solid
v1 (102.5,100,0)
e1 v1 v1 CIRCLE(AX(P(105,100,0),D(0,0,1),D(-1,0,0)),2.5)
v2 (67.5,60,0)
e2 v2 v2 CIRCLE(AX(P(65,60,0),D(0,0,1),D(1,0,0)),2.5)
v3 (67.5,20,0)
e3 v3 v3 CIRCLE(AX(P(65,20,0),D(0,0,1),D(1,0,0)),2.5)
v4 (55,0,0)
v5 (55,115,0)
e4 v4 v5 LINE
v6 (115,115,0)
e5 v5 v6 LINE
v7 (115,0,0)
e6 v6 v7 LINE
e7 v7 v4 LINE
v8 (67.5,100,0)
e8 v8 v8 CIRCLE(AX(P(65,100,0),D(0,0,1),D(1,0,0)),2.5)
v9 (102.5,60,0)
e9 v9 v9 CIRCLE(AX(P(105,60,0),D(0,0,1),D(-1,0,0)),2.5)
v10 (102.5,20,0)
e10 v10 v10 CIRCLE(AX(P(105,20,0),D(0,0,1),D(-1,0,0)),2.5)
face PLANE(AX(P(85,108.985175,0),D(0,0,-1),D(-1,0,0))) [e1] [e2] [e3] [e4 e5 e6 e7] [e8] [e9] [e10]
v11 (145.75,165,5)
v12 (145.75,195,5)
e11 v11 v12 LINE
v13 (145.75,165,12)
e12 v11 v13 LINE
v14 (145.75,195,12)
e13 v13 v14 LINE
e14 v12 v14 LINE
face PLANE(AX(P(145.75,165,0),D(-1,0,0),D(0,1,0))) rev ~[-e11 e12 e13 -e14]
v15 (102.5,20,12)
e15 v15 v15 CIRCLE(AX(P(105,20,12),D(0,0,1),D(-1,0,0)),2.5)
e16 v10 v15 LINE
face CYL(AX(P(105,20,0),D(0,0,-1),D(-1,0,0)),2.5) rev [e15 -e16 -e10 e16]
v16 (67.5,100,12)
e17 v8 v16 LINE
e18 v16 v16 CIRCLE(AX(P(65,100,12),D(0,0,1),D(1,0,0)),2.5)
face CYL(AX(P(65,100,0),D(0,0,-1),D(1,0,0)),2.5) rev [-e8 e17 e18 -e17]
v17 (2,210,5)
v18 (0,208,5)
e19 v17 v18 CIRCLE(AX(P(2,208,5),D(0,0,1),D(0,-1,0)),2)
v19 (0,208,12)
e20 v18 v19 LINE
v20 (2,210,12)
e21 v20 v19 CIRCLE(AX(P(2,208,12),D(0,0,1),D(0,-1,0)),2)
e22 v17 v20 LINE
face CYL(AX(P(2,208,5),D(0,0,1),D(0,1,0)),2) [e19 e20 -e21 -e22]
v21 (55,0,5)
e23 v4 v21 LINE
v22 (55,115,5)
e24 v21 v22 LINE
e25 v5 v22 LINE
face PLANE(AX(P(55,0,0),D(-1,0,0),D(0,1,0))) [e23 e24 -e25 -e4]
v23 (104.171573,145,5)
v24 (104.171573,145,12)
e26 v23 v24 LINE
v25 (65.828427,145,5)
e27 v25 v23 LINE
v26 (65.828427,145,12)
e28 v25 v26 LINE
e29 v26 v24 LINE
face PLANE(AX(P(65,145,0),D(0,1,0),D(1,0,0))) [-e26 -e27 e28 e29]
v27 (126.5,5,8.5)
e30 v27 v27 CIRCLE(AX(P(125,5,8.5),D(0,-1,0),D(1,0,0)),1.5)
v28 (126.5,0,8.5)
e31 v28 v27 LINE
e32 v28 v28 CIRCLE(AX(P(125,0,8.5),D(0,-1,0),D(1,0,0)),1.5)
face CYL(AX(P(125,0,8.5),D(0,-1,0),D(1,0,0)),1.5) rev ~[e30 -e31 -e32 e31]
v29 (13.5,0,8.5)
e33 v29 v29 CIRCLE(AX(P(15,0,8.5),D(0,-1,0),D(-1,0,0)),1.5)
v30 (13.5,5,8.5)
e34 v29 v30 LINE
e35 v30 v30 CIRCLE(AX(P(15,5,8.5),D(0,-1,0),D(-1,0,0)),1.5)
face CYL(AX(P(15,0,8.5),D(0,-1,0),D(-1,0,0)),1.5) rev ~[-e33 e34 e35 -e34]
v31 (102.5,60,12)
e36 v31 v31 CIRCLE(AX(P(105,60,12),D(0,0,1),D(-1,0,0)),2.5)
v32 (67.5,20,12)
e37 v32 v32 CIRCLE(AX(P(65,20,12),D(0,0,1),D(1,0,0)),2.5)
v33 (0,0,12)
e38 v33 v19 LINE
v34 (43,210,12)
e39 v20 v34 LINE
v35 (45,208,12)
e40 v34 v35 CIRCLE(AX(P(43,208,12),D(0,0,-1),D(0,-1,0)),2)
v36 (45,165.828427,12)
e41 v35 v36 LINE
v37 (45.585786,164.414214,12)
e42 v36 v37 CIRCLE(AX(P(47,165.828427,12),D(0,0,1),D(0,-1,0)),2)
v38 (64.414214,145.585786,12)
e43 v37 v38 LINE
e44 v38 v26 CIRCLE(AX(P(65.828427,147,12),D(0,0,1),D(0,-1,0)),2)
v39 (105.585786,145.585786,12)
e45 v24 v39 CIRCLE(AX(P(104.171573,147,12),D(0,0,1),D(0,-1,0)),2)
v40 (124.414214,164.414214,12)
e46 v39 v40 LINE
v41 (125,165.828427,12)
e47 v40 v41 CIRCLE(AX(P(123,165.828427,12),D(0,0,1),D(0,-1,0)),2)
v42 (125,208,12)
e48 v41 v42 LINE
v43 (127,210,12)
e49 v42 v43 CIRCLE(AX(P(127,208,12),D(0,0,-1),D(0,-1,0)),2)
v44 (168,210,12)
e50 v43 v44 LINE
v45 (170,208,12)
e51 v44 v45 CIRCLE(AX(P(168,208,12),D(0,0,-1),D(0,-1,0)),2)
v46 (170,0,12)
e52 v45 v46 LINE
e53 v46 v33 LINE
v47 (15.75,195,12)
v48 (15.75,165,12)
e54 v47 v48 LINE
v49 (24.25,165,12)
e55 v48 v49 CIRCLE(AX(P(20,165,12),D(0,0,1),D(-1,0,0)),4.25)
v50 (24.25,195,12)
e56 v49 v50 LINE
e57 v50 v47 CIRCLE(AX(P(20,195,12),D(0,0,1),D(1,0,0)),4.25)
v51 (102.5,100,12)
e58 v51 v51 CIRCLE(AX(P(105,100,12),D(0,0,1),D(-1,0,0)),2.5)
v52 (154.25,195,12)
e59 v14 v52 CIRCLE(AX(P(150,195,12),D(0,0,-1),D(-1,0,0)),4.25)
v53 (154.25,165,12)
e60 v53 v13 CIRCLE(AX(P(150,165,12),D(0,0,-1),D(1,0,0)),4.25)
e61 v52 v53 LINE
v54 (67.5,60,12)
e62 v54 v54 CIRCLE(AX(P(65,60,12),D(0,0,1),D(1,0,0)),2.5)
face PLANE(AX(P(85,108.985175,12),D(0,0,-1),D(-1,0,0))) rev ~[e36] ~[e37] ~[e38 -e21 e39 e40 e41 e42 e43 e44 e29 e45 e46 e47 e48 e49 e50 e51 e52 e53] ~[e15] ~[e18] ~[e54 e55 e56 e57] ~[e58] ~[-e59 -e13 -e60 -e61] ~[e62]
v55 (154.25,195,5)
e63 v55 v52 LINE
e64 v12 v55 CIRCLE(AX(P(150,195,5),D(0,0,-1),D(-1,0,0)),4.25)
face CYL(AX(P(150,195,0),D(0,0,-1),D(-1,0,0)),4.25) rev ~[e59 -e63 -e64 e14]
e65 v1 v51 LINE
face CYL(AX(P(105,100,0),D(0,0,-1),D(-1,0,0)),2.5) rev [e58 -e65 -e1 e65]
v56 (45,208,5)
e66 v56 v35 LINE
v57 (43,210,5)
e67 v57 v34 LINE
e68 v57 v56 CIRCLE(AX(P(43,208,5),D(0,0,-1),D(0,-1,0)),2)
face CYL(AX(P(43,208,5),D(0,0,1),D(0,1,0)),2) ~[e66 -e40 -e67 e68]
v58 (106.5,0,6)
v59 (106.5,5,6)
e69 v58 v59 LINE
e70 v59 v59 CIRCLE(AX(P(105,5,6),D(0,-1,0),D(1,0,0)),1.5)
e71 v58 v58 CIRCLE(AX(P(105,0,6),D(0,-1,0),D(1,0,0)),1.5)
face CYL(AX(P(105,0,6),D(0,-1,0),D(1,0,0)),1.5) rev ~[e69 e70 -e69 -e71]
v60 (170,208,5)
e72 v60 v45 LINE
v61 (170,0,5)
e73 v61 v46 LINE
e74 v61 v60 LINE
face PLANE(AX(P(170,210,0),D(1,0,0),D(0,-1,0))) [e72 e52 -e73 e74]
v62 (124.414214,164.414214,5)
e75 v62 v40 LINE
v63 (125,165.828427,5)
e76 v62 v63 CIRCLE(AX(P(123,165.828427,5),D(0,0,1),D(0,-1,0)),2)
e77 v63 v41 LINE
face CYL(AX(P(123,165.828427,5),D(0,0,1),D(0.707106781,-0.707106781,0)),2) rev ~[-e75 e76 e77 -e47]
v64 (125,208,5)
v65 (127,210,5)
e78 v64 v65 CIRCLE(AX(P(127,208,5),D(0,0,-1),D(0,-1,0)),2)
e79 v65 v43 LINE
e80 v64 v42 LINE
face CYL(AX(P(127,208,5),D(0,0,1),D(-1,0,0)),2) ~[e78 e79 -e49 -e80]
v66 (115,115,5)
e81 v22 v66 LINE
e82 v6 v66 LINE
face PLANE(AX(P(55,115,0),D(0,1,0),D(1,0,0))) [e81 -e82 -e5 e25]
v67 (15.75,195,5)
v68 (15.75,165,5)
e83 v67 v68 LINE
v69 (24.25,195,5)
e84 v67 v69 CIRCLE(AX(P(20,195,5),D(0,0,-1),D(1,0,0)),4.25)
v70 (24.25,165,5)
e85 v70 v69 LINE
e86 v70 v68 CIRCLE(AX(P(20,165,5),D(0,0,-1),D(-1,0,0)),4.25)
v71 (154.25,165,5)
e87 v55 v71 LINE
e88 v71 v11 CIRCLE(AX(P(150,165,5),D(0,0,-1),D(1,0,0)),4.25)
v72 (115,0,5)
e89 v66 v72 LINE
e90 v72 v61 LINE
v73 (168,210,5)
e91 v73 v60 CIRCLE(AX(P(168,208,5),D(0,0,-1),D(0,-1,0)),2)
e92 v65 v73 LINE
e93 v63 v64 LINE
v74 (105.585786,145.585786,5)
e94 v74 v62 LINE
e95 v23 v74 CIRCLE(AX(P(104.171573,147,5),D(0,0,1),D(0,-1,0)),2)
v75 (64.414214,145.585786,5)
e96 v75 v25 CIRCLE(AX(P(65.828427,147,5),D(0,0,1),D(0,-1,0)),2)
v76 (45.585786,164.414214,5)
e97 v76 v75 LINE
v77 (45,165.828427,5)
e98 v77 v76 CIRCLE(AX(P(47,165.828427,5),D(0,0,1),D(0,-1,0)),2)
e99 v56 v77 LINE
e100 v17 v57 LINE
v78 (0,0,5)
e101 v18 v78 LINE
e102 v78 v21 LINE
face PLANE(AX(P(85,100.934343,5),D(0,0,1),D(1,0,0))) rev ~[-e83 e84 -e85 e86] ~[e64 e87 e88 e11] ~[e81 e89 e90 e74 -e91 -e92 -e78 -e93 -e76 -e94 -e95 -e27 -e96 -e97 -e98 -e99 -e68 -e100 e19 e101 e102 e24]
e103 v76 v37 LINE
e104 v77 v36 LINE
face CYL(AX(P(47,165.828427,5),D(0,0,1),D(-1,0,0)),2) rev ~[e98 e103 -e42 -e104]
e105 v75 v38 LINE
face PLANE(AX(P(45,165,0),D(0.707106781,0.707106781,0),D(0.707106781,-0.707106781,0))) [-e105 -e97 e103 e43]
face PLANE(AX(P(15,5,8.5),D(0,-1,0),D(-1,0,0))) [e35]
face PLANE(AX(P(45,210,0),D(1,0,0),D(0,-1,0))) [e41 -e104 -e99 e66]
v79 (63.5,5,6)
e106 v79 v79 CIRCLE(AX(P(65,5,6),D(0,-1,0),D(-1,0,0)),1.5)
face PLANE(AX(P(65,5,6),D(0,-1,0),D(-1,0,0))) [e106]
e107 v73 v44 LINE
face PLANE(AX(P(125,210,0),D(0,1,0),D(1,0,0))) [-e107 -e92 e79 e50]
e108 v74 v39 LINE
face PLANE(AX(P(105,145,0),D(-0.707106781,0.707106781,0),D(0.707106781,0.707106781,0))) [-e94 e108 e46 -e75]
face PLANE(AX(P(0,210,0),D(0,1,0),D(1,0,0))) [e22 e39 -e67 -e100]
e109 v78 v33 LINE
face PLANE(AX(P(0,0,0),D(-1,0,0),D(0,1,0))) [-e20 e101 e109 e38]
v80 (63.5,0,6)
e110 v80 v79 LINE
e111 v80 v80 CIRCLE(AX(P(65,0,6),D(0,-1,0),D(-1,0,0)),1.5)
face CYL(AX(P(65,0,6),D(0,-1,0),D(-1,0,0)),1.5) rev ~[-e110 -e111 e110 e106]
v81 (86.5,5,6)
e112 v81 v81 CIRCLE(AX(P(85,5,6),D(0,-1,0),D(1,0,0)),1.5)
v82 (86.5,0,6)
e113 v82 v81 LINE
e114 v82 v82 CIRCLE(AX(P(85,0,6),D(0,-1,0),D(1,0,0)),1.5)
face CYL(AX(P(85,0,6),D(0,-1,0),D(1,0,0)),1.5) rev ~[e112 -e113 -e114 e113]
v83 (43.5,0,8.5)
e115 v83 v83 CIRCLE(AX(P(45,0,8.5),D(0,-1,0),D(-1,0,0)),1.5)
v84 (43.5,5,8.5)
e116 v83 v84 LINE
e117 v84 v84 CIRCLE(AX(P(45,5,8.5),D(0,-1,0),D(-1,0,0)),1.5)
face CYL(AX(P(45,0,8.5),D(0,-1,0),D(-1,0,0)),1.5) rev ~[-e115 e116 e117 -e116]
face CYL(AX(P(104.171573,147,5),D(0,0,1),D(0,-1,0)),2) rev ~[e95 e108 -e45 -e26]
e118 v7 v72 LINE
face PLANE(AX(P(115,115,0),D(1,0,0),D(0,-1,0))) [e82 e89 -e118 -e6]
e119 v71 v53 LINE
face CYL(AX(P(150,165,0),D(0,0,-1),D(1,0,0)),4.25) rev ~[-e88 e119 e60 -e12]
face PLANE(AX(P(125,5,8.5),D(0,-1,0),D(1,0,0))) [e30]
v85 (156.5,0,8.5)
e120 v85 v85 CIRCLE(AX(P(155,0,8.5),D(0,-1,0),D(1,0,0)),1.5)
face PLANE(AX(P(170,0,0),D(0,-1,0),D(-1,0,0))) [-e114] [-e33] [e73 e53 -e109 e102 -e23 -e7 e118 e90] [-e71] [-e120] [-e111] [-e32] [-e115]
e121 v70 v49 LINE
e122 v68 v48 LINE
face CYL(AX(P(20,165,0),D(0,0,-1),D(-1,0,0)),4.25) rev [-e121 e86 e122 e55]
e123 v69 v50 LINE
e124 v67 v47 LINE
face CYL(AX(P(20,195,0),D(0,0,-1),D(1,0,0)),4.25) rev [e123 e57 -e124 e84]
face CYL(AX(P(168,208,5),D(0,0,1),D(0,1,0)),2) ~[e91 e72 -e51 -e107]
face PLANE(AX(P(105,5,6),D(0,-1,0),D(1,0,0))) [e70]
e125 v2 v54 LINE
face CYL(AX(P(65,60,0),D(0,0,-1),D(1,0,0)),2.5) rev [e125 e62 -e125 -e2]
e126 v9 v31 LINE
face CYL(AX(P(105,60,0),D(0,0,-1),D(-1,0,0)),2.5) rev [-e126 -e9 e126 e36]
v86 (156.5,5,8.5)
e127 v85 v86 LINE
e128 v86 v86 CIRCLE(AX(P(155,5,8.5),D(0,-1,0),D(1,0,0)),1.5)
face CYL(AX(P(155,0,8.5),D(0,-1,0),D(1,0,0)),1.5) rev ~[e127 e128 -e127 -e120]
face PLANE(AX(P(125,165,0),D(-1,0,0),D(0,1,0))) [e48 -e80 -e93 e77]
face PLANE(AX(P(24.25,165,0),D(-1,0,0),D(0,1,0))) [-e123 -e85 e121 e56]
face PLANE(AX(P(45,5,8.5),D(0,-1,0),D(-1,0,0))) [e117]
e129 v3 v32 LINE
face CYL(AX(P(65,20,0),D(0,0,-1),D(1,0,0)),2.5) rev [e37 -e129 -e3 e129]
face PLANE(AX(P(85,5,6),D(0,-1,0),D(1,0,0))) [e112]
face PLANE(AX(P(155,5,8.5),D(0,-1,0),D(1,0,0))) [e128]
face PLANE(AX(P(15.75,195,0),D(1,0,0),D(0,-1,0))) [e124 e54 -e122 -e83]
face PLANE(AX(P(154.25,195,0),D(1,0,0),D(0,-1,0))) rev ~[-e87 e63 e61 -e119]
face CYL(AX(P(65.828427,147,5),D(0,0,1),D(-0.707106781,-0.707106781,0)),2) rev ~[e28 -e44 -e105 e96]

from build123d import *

# Parameters (mm, degrees)
SKETCH1_R           = 2.5
BOSS_EXTRUDE1_DEPTH = 12
CUT_EXTRUDE1_DEPTH  = 5
FILLET1_R           = 2
SKETCH4_R           = 1.5
CUT_EXTRUDE2_DEPTH  = 5


with BuildPart() as part:
    # Sketch1 → Boss-Extrude1 (new body)
    with BuildSketch(Plane.XY):
        Polygon((0, 210), (45, 210), (45, 165), (65, 145), (105, 145), (125, 165), (125, 210), (170, 210), (170, 0), (0, 0), align=None)
        with Locations((65, 20)):
            Circle(SKETCH1_R, mode=Mode.SUBTRACT)
        with Locations((65, 60)):
            Circle(SKETCH1_R, mode=Mode.SUBTRACT)
        with Locations((65, 100)):
            Circle(SKETCH1_R, mode=Mode.SUBTRACT)
        with Locations(Location((105, 100, 0), (0, 0, 180))):
            Circle(SKETCH1_R, mode=Mode.SUBTRACT)
        with Locations(Location((105, 60, 0), (0, 0, 180))):
            Circle(SKETCH1_R, mode=Mode.SUBTRACT)
        with Locations(Location((105, 20, 0), (0, 0, 180))):
            Circle(SKETCH1_R, mode=Mode.SUBTRACT)
        with BuildLine():
            Line((154.25, 195), (154.25, 165))
            ThreePointArc((154.25, 165), (150, 160.75), (145.75, 165))
            Line((145.75, 165), (145.75, 195))
            ThreePointArc((145.75, 195), (150, 199.25), (154.25, 195))
        make_face(mode=Mode.SUBTRACT)
        with BuildLine():
            Line((15.75, 195), (15.75, 165))
            ThreePointArc((15.75, 165), (20, 160.75), (24.25, 165))
            Line((24.25, 165), (24.25, 195))
            ThreePointArc((24.25, 195), (20, 199.25), (15.75, 195))
        make_face(mode=Mode.SUBTRACT)
    extrude(amount=BOSS_EXTRUDE1_DEPTH)

    # Sketch3 → Cut-Extrude1 (cut)
    with BuildSketch(Plane(origin=(0, 0, 0), x_dir=(-1, 0, 0), z_dir=(0, 0, -1))):
        Polygon((0, 0), (-55, 0), (-55, 115), (-115, 115), (-115, 0), (-170, 0), (-170, 210), (-115, 210), (-55, 210), (0, 210), align=None)
    extrude(amount=-CUT_EXTRUDE1_DEPTH, mode=Mode.SUBTRACT)

    # Fillet1
    fillet1_edges = [part.edges().sort_by_distance(p)[0] for p in [
        (0, 210, 8.5),
        (45, 210, 8.5),
        (45, 165, 8.5),
        (65, 145, 8.5),
        (105, 145, 8.5),
        (125, 165, 8.5),
        (125, 210, 8.5),
        (170, 210, 8.5),
    ]]
    fillet(fillet1_edges, radius=FILLET1_R)

    # Sketch4 → Cut-Extrude2 (cut)
    with BuildSketch(Plane.XZ):
        with Locations((85, 6)):
            Circle(SKETCH4_R)
        with Locations((105, 6)):
            Circle(SKETCH4_R)
        with Locations((155, 8.5)):
            Circle(SKETCH4_R)
        with Locations((125, 8.5)):
            Circle(SKETCH4_R)
        with Locations(Location((15, 8.5, 0), (0, 0, 180))):
            Circle(SKETCH4_R)
        with Locations(Location((45, 8.5, 0), (0, 0, 180))):
            Circle(SKETCH4_R)
        with Locations(Location((65, 6, 0), (0, 0, 180))):
            Circle(SKETCH4_R)
    extrude(amount=-CUT_EXTRUDE2_DEPTH, mode=Mode.SUBTRACT)


solid = part.part
